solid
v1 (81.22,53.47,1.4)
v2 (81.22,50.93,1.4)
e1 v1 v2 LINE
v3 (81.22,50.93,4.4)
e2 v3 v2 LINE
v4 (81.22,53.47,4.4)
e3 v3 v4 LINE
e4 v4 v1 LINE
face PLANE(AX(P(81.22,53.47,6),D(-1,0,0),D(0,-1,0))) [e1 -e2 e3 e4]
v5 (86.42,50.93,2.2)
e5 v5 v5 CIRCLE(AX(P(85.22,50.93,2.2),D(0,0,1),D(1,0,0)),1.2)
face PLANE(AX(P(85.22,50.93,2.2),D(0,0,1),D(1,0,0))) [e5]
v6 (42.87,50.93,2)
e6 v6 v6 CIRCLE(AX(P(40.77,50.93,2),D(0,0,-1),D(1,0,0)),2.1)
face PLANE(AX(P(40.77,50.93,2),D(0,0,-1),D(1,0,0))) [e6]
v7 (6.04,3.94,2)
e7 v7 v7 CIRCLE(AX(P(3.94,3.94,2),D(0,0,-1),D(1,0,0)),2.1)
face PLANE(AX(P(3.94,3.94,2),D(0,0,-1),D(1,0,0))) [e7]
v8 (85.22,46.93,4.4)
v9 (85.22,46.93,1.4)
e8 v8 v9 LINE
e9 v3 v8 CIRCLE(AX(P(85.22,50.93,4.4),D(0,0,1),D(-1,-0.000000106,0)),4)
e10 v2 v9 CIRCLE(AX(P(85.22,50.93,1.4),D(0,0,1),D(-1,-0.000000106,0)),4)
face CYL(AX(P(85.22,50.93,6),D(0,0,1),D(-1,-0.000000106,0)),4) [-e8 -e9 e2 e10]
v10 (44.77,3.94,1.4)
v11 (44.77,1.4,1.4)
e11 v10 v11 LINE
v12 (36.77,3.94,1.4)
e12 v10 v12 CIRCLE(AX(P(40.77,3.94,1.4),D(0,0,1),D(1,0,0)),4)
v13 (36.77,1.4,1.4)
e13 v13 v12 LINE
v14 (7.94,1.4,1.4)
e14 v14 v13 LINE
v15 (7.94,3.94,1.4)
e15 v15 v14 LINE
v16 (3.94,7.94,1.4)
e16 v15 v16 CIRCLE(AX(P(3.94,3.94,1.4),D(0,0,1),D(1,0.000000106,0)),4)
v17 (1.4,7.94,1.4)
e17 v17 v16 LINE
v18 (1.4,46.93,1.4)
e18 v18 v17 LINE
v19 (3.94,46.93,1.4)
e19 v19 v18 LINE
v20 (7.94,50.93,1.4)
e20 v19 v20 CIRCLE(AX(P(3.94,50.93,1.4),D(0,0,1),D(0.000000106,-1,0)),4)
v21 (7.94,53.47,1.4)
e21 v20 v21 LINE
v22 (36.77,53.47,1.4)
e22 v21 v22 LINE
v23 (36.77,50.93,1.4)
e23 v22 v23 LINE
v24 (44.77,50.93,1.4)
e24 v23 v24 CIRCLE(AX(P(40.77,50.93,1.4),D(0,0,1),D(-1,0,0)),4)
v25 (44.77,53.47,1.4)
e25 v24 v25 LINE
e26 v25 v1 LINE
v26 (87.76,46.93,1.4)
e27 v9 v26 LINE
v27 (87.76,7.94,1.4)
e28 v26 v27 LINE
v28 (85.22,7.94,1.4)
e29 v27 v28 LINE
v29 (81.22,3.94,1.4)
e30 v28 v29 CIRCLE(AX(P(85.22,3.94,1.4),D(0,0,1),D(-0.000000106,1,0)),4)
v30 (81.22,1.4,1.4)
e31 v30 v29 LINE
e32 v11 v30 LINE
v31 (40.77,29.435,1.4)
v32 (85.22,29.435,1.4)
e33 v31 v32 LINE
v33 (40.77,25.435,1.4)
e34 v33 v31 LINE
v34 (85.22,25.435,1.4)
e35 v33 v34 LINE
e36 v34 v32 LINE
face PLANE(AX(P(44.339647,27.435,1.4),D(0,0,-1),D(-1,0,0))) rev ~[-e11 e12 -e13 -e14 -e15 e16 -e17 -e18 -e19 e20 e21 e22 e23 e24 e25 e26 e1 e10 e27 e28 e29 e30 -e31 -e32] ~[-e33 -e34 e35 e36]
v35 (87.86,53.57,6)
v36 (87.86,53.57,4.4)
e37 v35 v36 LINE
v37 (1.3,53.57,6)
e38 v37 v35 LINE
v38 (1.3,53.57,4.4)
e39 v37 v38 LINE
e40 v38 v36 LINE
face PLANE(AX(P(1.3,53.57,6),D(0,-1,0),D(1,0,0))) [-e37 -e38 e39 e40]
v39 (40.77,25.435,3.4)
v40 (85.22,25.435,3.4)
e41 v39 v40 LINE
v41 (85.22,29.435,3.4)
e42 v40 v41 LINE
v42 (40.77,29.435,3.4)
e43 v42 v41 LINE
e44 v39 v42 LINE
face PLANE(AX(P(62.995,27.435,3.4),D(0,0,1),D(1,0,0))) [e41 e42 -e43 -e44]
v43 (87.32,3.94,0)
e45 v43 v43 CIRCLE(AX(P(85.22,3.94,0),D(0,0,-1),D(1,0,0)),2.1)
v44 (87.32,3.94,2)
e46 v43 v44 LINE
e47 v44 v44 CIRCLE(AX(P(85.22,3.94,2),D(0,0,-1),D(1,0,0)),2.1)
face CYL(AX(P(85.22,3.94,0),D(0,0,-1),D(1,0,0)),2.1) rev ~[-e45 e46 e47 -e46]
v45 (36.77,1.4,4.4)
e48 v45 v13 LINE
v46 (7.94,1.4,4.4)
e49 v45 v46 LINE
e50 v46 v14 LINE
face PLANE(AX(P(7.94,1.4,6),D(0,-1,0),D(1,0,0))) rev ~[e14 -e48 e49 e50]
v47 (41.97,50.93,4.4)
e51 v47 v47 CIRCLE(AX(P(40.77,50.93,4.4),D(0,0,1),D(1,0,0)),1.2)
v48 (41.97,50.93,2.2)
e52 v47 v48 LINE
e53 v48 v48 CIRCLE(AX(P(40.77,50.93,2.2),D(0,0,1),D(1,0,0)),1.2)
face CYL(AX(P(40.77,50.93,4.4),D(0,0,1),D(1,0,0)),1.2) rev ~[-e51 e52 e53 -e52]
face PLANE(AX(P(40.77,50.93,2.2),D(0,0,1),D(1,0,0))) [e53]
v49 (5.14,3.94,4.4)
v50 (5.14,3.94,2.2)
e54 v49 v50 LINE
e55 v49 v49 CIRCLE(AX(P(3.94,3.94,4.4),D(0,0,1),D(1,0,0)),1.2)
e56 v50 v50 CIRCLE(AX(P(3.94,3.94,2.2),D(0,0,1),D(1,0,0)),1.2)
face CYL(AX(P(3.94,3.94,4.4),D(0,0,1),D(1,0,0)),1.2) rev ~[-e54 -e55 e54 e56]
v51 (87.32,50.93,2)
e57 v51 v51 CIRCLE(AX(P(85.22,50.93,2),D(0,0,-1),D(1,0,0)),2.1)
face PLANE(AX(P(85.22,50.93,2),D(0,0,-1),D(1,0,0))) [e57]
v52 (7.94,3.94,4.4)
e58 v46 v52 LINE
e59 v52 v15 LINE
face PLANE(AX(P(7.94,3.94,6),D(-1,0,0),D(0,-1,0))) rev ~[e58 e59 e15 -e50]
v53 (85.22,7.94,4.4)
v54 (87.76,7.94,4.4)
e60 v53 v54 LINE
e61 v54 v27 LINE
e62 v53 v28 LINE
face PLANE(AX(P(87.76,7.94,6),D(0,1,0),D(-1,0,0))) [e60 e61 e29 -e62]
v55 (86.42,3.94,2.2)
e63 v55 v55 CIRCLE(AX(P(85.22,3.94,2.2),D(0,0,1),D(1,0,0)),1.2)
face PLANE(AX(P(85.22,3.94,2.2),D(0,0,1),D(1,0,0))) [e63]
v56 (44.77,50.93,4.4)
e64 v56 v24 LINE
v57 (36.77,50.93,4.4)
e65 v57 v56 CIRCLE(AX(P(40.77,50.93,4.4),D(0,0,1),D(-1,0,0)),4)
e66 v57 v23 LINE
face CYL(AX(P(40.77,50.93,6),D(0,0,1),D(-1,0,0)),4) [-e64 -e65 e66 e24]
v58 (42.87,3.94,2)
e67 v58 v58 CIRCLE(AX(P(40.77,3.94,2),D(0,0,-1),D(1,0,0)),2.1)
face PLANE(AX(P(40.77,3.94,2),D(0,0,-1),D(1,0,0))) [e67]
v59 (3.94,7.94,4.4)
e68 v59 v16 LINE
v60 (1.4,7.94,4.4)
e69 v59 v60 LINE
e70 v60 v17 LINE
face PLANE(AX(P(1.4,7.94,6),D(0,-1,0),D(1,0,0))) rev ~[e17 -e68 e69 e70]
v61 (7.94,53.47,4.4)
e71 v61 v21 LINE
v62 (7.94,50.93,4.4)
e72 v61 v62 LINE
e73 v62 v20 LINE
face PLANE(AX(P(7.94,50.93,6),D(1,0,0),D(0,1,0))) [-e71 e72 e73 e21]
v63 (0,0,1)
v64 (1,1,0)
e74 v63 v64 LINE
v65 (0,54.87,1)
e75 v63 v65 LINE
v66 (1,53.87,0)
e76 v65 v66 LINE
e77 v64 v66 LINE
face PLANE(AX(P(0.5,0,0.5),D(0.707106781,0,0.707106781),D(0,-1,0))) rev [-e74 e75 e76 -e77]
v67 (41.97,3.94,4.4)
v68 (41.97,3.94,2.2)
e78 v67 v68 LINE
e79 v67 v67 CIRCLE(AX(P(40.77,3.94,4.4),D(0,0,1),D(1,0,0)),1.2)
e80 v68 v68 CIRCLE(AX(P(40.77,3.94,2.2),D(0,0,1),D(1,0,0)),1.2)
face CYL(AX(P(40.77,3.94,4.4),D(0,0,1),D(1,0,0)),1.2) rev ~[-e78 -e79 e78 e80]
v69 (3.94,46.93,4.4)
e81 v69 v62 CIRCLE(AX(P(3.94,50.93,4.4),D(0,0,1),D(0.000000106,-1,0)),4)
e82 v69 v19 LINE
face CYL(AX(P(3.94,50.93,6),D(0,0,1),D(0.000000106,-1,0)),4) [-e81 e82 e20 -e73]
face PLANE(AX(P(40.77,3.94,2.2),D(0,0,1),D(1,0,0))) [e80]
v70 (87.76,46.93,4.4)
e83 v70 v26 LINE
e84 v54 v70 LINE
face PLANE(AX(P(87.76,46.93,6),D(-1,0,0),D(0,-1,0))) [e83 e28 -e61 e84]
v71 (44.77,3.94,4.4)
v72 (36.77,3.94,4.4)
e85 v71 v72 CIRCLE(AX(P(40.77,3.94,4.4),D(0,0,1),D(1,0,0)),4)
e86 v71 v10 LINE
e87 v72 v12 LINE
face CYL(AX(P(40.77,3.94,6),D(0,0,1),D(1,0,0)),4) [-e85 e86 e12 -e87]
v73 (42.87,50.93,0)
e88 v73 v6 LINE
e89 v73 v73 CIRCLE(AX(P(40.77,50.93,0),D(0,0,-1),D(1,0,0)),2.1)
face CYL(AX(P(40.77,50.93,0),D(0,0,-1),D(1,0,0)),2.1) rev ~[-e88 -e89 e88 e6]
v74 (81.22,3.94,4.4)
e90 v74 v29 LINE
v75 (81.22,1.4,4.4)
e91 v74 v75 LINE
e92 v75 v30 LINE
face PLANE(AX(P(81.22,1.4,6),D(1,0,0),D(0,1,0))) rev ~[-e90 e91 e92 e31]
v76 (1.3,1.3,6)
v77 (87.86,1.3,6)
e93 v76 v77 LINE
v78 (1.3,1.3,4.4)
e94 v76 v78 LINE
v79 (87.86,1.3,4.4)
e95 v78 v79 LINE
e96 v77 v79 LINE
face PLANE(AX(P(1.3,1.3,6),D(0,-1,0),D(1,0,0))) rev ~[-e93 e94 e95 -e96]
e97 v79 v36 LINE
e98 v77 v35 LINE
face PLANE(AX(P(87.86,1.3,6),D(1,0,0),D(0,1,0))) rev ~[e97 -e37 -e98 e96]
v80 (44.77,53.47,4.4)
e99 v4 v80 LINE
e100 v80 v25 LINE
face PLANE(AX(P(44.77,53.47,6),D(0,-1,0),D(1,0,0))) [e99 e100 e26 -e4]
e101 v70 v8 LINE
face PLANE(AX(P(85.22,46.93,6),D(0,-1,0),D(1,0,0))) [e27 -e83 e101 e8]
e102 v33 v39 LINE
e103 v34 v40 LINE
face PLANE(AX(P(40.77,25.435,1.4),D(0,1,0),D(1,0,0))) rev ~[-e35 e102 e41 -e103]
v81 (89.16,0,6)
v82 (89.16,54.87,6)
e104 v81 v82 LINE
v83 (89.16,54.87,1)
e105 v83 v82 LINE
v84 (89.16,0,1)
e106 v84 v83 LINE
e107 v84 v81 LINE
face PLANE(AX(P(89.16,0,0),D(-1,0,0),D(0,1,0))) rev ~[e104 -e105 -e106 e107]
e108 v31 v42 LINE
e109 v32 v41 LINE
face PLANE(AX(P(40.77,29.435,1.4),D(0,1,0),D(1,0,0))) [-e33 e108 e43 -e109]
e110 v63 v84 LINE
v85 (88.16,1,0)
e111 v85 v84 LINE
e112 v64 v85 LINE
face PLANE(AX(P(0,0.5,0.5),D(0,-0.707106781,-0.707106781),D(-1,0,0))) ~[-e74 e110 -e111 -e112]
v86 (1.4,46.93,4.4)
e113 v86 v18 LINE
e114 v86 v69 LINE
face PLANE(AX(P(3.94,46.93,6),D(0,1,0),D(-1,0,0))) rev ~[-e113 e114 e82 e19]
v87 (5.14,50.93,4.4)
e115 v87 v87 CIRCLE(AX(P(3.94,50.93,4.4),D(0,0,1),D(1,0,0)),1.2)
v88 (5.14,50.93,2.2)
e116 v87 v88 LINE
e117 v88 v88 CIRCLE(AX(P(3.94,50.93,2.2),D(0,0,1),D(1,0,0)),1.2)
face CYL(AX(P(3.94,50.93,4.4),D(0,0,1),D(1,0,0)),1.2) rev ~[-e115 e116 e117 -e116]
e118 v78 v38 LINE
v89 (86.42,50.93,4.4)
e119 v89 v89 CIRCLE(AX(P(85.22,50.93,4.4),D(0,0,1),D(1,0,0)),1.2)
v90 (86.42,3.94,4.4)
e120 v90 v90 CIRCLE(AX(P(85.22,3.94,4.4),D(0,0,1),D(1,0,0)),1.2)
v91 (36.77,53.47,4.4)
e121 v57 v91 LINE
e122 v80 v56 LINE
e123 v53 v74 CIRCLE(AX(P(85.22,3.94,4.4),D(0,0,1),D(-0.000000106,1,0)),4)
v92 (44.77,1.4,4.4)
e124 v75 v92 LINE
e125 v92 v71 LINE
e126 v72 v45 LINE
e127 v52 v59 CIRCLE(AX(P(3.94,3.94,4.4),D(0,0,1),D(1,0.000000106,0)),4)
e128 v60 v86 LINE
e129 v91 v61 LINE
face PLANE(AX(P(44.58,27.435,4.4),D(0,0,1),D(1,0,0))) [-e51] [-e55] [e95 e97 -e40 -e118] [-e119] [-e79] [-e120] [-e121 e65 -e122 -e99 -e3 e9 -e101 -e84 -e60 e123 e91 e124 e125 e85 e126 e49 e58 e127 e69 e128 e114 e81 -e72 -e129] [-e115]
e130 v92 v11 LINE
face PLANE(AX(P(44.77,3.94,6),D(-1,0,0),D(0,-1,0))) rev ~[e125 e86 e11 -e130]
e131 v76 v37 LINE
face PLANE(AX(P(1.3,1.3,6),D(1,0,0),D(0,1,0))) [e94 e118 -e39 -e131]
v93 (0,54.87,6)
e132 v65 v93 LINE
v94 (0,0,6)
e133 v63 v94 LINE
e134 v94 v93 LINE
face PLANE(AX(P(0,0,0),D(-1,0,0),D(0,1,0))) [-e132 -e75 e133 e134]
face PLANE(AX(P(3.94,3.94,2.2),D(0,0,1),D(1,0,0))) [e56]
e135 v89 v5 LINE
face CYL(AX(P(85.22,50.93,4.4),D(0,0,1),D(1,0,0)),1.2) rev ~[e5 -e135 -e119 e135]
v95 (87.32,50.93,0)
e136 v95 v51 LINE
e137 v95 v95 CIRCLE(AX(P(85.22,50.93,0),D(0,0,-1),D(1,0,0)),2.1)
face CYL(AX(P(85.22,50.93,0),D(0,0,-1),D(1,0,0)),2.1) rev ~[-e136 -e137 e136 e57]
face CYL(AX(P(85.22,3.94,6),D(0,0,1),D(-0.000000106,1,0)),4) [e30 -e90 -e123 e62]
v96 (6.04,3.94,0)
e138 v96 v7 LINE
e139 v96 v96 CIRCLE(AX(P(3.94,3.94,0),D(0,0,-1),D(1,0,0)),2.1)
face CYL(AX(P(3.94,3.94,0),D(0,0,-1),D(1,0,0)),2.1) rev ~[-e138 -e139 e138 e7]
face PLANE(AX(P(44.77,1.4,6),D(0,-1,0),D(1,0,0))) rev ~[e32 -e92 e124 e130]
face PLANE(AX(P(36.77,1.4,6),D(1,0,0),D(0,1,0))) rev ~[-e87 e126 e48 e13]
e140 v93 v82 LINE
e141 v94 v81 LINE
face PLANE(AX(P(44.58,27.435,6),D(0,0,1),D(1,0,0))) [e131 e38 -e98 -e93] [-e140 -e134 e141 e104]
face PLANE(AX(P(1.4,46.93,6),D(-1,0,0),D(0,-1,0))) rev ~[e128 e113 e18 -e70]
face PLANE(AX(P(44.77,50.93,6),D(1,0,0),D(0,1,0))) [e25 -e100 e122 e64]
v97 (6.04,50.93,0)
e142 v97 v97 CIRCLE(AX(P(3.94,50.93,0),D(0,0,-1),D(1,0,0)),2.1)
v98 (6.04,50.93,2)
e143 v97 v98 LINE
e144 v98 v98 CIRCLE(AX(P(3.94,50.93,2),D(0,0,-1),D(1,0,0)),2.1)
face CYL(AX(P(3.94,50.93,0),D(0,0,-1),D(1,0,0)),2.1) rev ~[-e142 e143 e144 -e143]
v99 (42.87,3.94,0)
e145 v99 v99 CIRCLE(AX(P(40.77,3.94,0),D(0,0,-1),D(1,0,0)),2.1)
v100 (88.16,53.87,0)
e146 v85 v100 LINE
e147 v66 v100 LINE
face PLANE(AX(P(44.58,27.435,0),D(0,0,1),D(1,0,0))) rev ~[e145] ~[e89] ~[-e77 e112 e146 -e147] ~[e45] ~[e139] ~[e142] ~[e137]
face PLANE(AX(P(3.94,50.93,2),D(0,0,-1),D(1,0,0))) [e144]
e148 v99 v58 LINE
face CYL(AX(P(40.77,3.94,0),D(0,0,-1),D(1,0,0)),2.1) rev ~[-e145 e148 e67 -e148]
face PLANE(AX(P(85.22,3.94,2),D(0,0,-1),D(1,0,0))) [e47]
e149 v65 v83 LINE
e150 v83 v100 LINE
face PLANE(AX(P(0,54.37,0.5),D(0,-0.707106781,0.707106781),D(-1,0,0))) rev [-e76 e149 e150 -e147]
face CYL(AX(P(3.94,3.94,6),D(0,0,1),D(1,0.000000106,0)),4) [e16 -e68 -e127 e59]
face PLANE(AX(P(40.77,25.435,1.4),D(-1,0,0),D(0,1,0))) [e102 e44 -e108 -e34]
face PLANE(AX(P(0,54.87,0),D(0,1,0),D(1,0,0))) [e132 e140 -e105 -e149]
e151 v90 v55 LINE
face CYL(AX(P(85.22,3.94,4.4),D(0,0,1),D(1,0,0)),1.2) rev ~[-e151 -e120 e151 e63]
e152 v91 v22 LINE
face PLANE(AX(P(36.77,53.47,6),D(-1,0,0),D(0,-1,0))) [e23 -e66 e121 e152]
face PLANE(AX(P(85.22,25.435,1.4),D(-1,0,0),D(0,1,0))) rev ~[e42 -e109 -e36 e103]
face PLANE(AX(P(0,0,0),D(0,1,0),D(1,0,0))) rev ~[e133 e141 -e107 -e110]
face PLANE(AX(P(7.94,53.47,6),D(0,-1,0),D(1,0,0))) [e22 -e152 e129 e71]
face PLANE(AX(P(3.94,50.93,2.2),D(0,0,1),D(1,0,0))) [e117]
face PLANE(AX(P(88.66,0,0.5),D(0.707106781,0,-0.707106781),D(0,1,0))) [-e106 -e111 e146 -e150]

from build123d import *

# Parameters (mm, degrees)
SKETCH_W        = 89.16
SKETCH_H        = 54.87
PAD_DEPTH       = 6
POCKET_DEPTH    = 4.6
SKETCH002_W     = 86.56
SKETCH002_H     = 52.27
POCKET001_DEPTH = 1.6
SKETCH004_R     = 1.2
POCKET002_DEPTH = 2.2
SKETCH003_R     = 2.1
POCKET003_DEPTH = 2
SKETCH005_W     = 44.45
SKETCH005_H     = 4
PAD001_DEPTH    = 2
CHAMFER_SIZE    = 1


with BuildPart() as part:
    # Sketch → Pad (new body)
    with BuildSketch(Plane.XY):
        with Locations((44.58, 27.435)):
            Rectangle(SKETCH_W, SKETCH_H)
    extrude(amount=PAD_DEPTH)

    # Sketch001 → Pocket (cut)
    with BuildSketch(Plane.XY.offset(6)):
        with BuildLine():
            ThreePointArc((3.94, 46.93), (6.768427, 48.101573), (7.94, 50.93))
            Line((7.94, 50.93), (7.94, 53.47))
            Line((7.94, 53.47), (36.77, 53.47))
            Line((36.77, 53.47), (36.77, 50.93))
            ThreePointArc((36.77, 50.93), (40.77, 46.93), (44.77, 50.93))
            Line((44.77, 50.93), (44.77, 53.47))
            Line((44.77, 53.47), (81.22, 53.47))
            Line((81.22, 53.47), (81.22, 50.93))
            ThreePointArc((81.22, 50.93), (82.391573, 48.101573), (85.22, 46.93))
            Line((85.22, 46.93), (87.76, 46.93))
            Line((87.76, 46.93), (87.76, 7.94))
            Line((87.76, 7.94), (85.22, 7.94))
            ThreePointArc((85.22, 7.94), (82.391573, 6.768427), (81.22, 3.94))
            Line((81.22, 1.4), (81.22, 3.94))
            Line((44.77, 1.4), (81.22, 1.4))
            Line((44.77, 3.94), (44.77, 1.4))
            ThreePointArc((44.77, 3.94), (40.77, 7.94), (36.77, 3.94))
            Line((36.77, 1.4), (36.77, 3.94))
            Line((7.94, 1.4), (36.77, 1.4))
            Line((7.94, 3.94), (7.94, 1.4))
            ThreePointArc((7.94, 3.94), (6.768427, 6.768427), (3.94, 7.94))
            Line((1.4, 7.94), (3.94, 7.94))
            Line((1.4, 46.93), (1.4, 7.94))
            Line((3.94, 46.93), (1.4, 46.93))
        make_face()
    extrude(amount=-POCKET_DEPTH, mode=Mode.SUBTRACT)

    # Sketch002 → Pocket001 (cut)
    with BuildSketch(Plane.XY.offset(6)):
        with Locations((44.58, 27.435)):
            Rectangle(SKETCH002_W, SKETCH002_H)
    extrude(amount=-POCKET001_DEPTH, mode=Mode.SUBTRACT)

    # Sketch004 → Pocket002 (cut)
    with BuildSketch(Plane.XY.offset(4.4)):
        with Locations((3.94, 50.93)):
            Circle(SKETCH004_R)
        with Locations((40.77, 50.93)):
            Circle(SKETCH004_R)
        with Locations((85.22, 50.93)):
            Circle(SKETCH004_R)
        with Locations((85.22, 3.94)):
            Circle(SKETCH004_R)
        with Locations((40.77, 3.94)):
            Circle(SKETCH004_R)
        with Locations((3.94, 3.94)):
            Circle(SKETCH004_R)
    extrude(amount=-POCKET002_DEPTH, mode=Mode.SUBTRACT)

    # Sketch003 → Pocket003 (cut)
    with BuildSketch(Plane(origin=(0, 0, 0), x_dir=(1, 0, 0), z_dir=(0, 0, -1))):
        with Locations((3.94, -3.94)):
            Circle(SKETCH003_R)
        with Locations((40.77, -3.94)):
            Circle(SKETCH003_R)
        with Locations((85.22, -3.94)):
            Circle(SKETCH003_R)
        with Locations((85.22, -50.93)):
            Circle(SKETCH003_R)
        with Locations((40.77, -50.93)):
            Circle(SKETCH003_R)
        with Locations((3.94, -50.93)):
            Circle(SKETCH003_R)
    extrude(amount=-POCKET003_DEPTH, mode=Mode.SUBTRACT)

    # Sketch005 → Pad001 (new body)
    with BuildSketch(Plane.XY.offset(1.4)):
        with Locations((62.995, 27.435)):
            Rectangle(SKETCH005_W, SKETCH005_H)
    extrude(amount=PAD001_DEPTH)

    # Chamfer
    chamfer_edges = [part.edges().sort_by_distance(p)[0] for p in [
        (44.58, 54.87, 0),
        (89.16, 27.435, 0),
        (0, 27.435, 0),
        (44.58, 0, 0),
    ]]
    chamfer(chamfer_edges, length=CHAMFER_SIZE)


solid = part.part
